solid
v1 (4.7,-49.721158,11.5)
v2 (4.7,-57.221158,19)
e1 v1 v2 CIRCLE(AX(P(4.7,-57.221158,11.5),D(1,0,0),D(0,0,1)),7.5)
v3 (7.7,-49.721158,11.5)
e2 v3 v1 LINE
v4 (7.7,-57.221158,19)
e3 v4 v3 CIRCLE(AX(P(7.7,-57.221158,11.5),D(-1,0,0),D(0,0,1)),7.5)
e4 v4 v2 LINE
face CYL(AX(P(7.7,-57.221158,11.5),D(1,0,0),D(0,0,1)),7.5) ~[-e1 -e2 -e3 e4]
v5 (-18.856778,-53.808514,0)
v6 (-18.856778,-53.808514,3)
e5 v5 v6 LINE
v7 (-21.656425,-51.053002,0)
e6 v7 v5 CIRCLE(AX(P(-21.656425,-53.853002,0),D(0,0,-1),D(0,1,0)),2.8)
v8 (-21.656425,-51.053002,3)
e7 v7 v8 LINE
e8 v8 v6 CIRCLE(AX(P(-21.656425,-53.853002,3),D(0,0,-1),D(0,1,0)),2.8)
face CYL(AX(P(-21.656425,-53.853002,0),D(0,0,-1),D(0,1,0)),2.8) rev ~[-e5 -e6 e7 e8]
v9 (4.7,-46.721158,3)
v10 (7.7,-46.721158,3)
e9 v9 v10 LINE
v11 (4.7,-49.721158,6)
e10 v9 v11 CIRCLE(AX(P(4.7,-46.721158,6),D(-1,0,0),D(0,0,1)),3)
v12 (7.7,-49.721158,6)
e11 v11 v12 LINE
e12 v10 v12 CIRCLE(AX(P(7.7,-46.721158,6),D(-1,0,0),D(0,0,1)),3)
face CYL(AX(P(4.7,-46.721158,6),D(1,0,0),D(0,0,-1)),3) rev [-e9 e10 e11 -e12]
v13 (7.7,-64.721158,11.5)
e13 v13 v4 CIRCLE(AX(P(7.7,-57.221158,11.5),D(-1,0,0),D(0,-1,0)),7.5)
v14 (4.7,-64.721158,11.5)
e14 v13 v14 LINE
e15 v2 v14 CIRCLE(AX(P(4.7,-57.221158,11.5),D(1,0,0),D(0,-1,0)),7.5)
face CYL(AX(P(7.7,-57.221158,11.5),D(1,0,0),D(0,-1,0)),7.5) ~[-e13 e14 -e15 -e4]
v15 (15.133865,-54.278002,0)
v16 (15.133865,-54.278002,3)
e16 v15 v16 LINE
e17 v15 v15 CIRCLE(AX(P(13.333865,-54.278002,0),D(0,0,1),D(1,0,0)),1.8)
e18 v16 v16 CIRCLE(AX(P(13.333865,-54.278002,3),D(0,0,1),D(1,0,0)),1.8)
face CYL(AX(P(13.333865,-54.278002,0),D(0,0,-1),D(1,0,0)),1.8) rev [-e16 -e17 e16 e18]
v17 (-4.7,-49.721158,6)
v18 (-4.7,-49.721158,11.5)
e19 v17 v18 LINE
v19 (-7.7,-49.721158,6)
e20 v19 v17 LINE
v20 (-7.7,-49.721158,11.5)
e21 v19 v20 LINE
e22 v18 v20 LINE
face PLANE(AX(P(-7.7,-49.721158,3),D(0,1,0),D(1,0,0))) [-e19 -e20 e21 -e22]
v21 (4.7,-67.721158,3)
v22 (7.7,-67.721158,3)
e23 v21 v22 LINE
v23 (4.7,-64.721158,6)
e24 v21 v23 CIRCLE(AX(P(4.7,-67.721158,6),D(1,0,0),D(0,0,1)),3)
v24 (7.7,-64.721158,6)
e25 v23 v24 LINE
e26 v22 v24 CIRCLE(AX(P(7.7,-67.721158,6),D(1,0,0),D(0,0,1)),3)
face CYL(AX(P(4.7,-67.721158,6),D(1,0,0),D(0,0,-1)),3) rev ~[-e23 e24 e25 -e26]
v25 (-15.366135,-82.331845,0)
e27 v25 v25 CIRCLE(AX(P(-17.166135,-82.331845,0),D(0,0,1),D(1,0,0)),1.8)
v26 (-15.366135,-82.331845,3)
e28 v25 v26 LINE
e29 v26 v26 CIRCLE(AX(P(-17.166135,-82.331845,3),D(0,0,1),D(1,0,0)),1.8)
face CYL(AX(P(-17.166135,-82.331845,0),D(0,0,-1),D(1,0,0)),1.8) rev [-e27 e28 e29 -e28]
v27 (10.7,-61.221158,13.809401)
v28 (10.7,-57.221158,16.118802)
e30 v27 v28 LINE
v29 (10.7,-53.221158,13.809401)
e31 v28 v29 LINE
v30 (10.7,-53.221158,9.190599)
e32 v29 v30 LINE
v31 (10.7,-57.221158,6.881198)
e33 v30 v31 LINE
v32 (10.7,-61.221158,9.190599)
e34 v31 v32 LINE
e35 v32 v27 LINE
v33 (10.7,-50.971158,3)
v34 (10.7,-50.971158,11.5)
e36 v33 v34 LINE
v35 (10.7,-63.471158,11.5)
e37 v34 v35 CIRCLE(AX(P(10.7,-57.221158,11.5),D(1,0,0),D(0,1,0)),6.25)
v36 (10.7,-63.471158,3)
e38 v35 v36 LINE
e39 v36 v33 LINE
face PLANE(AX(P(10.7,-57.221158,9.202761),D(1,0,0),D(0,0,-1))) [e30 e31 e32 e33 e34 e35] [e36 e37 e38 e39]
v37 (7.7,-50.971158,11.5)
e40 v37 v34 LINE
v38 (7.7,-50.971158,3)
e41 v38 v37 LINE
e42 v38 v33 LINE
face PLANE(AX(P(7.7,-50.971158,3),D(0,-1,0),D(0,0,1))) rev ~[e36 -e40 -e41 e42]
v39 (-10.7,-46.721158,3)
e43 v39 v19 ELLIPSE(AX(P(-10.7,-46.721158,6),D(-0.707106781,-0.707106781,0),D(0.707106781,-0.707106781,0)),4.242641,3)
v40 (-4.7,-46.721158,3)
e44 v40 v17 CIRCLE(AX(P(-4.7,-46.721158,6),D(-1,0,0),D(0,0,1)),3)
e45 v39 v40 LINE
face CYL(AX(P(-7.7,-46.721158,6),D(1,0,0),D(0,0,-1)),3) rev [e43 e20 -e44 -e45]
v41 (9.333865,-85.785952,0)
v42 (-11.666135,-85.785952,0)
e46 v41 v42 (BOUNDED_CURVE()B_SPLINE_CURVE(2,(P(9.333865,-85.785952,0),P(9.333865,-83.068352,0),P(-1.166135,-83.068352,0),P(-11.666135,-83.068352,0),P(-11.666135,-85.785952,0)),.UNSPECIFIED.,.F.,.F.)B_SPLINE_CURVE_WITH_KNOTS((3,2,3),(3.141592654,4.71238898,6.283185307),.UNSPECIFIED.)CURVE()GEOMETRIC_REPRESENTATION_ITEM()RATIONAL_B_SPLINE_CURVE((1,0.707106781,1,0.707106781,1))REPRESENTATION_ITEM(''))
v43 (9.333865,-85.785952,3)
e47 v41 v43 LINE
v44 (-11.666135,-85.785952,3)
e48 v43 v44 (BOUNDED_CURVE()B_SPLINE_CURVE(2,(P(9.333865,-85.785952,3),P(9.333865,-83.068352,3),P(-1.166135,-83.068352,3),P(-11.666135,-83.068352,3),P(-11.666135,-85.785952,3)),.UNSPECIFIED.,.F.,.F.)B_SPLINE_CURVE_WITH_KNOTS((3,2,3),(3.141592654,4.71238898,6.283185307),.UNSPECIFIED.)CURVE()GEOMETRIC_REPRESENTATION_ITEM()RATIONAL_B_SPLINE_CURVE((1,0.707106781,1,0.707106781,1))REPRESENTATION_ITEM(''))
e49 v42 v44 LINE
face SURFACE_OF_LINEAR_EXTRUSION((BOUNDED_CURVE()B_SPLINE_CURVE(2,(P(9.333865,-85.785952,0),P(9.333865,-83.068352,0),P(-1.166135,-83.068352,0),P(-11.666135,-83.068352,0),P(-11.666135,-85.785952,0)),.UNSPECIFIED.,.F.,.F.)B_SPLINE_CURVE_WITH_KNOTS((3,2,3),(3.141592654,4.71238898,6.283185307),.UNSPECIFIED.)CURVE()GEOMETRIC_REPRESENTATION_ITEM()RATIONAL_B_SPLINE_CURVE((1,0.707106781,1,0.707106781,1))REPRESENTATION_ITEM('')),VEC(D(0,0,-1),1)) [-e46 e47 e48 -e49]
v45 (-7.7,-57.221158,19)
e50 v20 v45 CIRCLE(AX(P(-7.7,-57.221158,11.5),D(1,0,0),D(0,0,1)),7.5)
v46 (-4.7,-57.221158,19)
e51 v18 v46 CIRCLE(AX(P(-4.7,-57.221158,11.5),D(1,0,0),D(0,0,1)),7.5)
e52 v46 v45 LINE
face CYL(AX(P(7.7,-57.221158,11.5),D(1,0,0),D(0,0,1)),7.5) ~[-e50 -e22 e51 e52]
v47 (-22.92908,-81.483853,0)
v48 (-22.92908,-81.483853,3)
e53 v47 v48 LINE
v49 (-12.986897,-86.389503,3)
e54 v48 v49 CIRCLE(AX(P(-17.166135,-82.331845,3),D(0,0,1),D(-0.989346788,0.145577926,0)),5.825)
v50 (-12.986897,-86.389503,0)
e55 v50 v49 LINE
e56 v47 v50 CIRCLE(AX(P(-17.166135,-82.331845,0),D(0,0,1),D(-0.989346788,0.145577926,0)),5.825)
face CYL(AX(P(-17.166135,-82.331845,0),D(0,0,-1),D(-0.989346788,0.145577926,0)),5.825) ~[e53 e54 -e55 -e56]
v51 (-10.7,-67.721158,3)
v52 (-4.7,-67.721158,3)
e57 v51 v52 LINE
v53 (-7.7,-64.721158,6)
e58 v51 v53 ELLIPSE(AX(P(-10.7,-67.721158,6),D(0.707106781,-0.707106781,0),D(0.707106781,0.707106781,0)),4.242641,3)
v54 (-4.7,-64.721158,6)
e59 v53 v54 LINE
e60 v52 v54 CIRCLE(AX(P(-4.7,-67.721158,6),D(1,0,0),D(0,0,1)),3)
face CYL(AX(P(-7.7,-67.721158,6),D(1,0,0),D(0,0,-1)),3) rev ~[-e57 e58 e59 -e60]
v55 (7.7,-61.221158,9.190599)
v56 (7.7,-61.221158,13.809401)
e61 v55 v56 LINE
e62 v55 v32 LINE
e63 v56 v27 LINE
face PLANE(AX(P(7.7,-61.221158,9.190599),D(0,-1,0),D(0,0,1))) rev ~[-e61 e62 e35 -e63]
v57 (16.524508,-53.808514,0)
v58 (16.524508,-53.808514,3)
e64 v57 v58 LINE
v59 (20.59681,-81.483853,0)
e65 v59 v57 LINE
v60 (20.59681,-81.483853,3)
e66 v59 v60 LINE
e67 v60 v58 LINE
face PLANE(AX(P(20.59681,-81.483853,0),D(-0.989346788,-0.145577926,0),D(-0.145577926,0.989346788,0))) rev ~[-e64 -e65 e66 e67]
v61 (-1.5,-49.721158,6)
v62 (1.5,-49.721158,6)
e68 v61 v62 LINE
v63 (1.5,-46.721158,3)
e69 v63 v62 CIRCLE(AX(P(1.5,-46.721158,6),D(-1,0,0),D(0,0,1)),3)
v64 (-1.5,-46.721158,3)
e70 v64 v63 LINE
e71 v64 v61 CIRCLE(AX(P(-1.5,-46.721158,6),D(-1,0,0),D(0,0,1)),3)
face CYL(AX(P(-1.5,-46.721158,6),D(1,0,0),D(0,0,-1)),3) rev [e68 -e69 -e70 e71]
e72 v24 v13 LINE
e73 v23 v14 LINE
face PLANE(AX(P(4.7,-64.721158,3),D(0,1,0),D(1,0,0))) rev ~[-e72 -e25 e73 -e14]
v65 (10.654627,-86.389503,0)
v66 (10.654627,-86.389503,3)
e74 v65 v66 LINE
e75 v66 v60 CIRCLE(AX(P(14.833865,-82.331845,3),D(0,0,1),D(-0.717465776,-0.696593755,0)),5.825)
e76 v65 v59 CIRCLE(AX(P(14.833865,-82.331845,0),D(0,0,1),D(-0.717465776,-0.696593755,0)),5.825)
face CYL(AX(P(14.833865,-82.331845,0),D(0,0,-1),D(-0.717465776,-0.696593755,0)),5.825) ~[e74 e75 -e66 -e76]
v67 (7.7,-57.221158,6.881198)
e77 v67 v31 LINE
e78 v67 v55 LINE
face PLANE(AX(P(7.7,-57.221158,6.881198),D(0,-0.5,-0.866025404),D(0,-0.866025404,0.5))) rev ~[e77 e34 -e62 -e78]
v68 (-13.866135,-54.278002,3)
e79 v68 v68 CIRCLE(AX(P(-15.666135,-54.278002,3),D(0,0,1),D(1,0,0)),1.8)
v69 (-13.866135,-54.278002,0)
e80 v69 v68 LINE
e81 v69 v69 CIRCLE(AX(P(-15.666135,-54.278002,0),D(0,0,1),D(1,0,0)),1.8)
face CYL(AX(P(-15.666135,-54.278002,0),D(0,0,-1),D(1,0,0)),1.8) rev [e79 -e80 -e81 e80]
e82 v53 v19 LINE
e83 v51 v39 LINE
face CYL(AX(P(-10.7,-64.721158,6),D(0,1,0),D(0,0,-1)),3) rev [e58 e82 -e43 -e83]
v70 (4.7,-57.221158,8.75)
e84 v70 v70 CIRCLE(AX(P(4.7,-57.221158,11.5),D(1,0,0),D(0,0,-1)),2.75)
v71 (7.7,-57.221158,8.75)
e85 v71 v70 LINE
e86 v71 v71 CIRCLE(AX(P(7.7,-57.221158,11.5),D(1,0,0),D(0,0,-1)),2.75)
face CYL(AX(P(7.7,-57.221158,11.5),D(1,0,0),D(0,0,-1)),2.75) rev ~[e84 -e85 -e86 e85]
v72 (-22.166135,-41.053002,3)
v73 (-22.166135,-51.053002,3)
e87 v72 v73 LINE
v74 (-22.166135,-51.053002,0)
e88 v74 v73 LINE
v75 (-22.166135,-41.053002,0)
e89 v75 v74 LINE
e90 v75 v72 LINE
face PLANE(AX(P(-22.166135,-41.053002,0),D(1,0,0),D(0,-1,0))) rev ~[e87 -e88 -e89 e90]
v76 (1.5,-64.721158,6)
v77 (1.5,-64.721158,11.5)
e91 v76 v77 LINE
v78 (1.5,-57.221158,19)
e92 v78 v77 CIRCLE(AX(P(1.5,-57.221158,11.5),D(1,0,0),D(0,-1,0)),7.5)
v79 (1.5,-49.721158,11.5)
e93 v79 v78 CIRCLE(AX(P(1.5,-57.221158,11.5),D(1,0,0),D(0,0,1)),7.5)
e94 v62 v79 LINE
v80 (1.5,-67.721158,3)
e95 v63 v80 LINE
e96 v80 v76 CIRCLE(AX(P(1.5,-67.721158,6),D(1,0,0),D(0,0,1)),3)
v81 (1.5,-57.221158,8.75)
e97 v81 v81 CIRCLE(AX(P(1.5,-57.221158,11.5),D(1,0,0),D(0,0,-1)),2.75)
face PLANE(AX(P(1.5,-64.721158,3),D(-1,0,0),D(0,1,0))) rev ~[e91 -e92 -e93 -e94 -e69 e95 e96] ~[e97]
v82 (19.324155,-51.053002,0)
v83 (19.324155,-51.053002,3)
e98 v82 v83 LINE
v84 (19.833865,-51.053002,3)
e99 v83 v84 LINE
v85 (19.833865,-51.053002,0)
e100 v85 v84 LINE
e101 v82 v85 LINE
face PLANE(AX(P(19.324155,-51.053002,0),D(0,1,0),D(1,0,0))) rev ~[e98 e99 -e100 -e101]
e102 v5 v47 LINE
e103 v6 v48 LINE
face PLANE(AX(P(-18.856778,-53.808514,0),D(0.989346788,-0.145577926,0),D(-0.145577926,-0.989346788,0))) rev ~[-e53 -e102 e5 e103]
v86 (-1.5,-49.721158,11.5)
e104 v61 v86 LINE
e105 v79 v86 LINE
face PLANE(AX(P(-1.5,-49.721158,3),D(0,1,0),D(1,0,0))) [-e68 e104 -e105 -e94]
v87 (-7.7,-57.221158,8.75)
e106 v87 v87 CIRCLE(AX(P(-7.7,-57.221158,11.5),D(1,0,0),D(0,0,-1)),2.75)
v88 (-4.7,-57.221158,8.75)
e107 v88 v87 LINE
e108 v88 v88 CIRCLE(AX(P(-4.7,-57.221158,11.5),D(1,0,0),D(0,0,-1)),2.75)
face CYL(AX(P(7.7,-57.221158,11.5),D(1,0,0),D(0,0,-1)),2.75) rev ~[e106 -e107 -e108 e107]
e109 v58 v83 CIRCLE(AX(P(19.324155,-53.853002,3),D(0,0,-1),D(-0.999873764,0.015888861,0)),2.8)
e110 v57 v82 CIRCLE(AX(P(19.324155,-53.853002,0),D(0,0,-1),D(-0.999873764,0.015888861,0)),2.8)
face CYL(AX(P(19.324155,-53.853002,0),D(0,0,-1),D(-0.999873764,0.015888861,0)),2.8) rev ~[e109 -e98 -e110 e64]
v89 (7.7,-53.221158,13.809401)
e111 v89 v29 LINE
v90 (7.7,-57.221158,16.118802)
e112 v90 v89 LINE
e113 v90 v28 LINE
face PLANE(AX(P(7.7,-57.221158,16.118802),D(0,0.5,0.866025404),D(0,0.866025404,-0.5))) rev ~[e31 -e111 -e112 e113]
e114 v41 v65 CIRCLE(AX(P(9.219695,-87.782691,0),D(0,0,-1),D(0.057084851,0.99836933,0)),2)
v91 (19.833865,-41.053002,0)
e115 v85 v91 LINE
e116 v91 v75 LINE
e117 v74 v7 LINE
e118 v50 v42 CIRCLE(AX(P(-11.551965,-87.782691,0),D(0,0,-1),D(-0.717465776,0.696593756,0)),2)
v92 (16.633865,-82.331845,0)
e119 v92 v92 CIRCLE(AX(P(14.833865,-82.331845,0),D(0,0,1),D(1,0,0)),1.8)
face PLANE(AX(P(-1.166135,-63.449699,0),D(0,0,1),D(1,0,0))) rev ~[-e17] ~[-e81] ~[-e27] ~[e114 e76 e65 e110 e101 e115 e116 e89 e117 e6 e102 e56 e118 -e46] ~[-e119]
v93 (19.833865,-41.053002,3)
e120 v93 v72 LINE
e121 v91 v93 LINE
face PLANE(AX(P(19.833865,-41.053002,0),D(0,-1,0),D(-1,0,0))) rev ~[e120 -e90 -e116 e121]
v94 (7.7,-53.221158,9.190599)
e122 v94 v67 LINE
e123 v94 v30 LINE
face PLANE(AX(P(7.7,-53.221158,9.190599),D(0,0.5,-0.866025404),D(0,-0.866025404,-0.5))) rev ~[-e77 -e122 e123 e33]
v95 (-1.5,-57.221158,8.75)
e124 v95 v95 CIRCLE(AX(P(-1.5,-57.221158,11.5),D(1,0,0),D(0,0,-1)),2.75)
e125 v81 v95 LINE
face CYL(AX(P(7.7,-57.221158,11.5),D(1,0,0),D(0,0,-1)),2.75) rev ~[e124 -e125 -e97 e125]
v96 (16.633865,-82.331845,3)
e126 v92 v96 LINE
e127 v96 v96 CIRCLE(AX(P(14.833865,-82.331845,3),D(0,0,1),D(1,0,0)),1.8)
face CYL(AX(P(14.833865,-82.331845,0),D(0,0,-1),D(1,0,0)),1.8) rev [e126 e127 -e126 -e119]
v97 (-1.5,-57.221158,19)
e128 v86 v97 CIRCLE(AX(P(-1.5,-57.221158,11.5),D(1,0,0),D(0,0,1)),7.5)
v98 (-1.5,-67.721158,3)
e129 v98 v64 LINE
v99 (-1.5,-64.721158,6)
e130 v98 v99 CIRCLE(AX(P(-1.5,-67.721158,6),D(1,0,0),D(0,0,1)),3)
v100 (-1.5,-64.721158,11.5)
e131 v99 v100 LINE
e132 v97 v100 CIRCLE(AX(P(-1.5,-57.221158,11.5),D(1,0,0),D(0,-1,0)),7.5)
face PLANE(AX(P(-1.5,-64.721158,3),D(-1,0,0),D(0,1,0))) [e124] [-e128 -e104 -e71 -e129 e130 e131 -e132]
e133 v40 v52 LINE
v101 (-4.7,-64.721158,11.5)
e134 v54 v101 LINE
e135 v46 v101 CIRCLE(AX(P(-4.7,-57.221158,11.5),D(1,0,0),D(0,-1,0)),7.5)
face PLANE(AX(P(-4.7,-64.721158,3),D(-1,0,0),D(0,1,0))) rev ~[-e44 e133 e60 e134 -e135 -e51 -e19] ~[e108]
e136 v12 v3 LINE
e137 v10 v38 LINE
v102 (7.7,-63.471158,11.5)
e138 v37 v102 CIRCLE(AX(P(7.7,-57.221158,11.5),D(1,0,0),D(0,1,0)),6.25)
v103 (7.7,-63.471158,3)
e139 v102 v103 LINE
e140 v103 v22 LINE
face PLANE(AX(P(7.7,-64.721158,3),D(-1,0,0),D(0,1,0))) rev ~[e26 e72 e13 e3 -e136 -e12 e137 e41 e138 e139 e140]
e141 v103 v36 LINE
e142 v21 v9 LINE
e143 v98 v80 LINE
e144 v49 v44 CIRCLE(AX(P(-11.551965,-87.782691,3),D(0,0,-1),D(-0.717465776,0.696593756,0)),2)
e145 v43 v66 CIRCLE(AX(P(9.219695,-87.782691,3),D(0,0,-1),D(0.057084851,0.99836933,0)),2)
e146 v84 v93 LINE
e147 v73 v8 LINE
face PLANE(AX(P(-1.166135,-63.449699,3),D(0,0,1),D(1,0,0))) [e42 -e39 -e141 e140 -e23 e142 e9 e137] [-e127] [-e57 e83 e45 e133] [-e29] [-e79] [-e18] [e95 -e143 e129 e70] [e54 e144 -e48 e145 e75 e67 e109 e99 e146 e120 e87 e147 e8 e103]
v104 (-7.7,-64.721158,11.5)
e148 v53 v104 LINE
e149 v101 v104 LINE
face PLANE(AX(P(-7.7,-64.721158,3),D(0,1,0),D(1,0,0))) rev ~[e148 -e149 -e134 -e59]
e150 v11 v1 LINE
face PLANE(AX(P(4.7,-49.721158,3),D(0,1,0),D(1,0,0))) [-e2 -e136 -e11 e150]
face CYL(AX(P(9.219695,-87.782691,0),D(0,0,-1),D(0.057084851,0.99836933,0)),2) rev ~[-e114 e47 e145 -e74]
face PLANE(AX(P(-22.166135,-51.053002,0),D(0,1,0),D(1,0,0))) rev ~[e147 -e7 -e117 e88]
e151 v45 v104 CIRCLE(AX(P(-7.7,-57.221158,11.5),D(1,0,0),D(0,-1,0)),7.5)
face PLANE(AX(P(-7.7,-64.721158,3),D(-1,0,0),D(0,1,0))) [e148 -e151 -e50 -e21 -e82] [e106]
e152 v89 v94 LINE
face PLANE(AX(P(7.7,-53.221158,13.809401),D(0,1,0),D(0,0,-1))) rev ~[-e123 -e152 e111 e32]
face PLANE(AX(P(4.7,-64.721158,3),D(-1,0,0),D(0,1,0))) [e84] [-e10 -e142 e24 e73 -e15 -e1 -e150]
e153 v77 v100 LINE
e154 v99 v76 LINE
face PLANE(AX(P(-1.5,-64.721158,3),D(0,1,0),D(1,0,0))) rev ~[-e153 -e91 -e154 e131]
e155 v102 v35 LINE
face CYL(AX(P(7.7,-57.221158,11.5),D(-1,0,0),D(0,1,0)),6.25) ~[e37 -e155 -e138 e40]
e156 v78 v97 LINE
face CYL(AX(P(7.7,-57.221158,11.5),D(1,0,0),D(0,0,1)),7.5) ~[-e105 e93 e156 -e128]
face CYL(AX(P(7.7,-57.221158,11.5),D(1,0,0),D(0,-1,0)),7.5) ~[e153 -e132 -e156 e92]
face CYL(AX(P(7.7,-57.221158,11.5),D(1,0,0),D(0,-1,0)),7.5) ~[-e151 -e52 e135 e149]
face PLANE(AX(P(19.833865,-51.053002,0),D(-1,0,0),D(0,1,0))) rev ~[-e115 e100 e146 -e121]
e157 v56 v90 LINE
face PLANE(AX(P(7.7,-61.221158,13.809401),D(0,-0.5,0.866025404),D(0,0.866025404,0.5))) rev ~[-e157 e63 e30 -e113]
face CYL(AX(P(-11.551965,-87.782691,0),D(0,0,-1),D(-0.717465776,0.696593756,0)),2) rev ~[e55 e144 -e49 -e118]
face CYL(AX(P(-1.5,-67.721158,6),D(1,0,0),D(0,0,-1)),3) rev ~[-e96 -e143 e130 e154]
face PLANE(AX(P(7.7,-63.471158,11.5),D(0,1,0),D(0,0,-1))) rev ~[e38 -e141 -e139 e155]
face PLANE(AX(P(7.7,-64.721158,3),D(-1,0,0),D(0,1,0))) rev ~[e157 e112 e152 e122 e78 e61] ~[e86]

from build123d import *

# Parameters (mm, degrees)
SKETCH1_R           = 1.8
BOSS_EXTRUDE1_DEPTH = 3
SKETCH2_W           = 3
SKETCH2_H           = 15
BOSS_EXTRUDE2_DEPTH = 16
CUT_EXTRUDE1_REACH  = 97.261
SKETCH3_R           = 2.75
BOSS_EXTRUDE3_DEPTH = 3
FILLET1_R           = 3


with BuildPart() as part:
    # Sketch1 → Boss-Extrude1 (new body)
    with BuildSketch(Plane.XY):
        with BuildLine():
            Line((-22.166135034, -51.05300244), (-21.656424966, -51.05300244))
            ThreePointArc((-21.656424966, -51.05300244), (-19.69231813, -51.85743627), (-18.856778426, -53.808513627))
            Line((-18.856778426, -53.808513627), (-22.929080076, -81.483853258))
            ThreePointArc((-22.929080076, -81.483853258), (-19.743611023, -87.555563903), (-12.986896887, -86.389503303))
            ThreePointArc((-12.986896887, -86.389503303), (-12.38322773, -85.963624342), (-11.666135034, -85.785952153))
            add(Edge.make_bspline(
                [(9.333864966, -85.785952153), (9.333864966, -83.068352179), (-1.166135034, -83.068352179), (-11.666135034, -83.068352179), (-11.666135034, -85.785952153)],
                knots=[3.141592654, 3.141592654, 3.141592654, 4.71238898, 4.71238898, 6.283185307, 6.283185307, 6.283185307], degree=2, weights=[1, 0.707106781, 1, 0.707106781, 1]))
            ThreePointArc((9.333864966, -85.785952153), (10.050957661, -85.963624342), (10.654626818, -86.389503303))
            ThreePointArc((10.654626818, -86.389503303), (17.411340954, -87.555563903), (20.596810007, -81.483853258))
            Line((20.596810007, -81.483853258), (16.524508358, -53.808513627))
            ThreePointArc((16.524508358, -53.808513627), (17.360048061, -51.85743627), (19.324154897, -51.05300244))
            Line((19.324154897, -51.05300244), (19.833864966, -51.05300244))
            Line((19.833864966, -51.05300244), (19.833864966, -41.05300244))
            Line((19.833864966, -41.05300244), (-22.166135034, -41.05300244))
            Line((-22.166135034, -41.05300244), (-22.166135034, -51.05300244))
        make_face()
        with Locations((-15.666135034, -54.27800244)):
            Circle(SKETCH1_R, mode=Mode.SUBTRACT)
        with Locations((-17.166135034, -82.33184468)):
            Circle(SKETCH1_R, mode=Mode.SUBTRACT)
        with Locations((14.833864966, -82.33184468)):
            Circle(SKETCH1_R, mode=Mode.SUBTRACT)
        with Locations((13.333864966, -54.27800244)):
            Circle(SKETCH1_R, mode=Mode.SUBTRACT)
    extrude(amount=BOSS_EXTRUDE1_DEPTH)

    # Sketch2 → Boss-Extrude2 (add)
    with BuildSketch(Plane.XY.offset(3)):
        with Locations((0, -57.22115776)):
            Rectangle(SKETCH2_W, SKETCH2_H)
        with Locations((-6.2, -57.22115776)):
            Rectangle(SKETCH2_W, SKETCH2_H)
        with Locations((6.2, -57.22115776)):
            Rectangle(SKETCH2_W, SKETCH2_H)
    extrude(amount=BOSS_EXTRUDE2_DEPTH)

    # Sketch3 → Cut-Extrude1 (cut, up to next)
    with BuildSketch(Plane(origin=(7.7, 0, 0), x_dir=(0, 0, -1), z_dir=(1, 0, 0)), mode=Mode.PRIVATE) as cut_extrude1_sk1:
        with Locations((-11.5, -57.22115776)):
            Circle(SKETCH3_R)
    cut_extrude1_tool1 = extrude(cut_extrude1_sk1.sketch, amount=-CUT_EXTRUDE1_REACH, mode=Mode.PRIVATE) & part.part
    # Sketch3 → Cut-Extrude1 (cut, up to next)
    with BuildSketch(Plane(origin=(7.7, 0, 0), x_dir=(0, 0, -1), z_dir=(1, 0, 0)), mode=Mode.PRIVATE) as cut_extrude1_sk2:
        with BuildLine():
            ThreePointArc((-19, -57.22115776), (-16.803300859, -51.917856901), (-11.5, -49.72115776))
            Line((-11.5, -49.72115776), (-19, -49.72115776))
            Line((-19, -49.72115776), (-19, -57.22115776))
        make_face()
    cut_extrude1_tool2 = extrude(cut_extrude1_sk2.sketch, amount=-CUT_EXTRUDE1_REACH, mode=Mode.PRIVATE) & part.part
    # Sketch3 → Cut-Extrude1 (cut, up to next)
    with BuildSketch(Plane(origin=(7.7, 0, 0), x_dir=(0, 0, -1), z_dir=(1, 0, 0)), mode=Mode.PRIVATE) as cut_extrude1_sk3:
        with BuildLine():
            Line((-19, -64.72115776), (-11.5, -64.72115776))
            ThreePointArc((-11.5, -64.72115776), (-16.803300859, -62.524458619), (-19, -57.22115776))
            Line((-19, -57.22115776), (-19, -64.72115776))
        make_face()
    cut_extrude1_tool3 = extrude(cut_extrude1_sk3.sketch, amount=-CUT_EXTRUDE1_REACH, mode=Mode.PRIVATE) & part.part
    add(cut_extrude1_tool1.solids().sort_by_distance((7.7, -57.221158, 11.5))[0], mode=Mode.SUBTRACT)
    add(cut_extrude1_tool1.solids().sort_by_distance((7.7, -57.221158, 11.5))[1], mode=Mode.SUBTRACT)
    add(cut_extrude1_tool1.solids().sort_by_distance((7.7, -57.221158, 11.5))[2], mode=Mode.SUBTRACT)
    add(cut_extrude1_tool2.solids().sort_by_distance((7.7, -51.396417, 17.32474))[0], mode=Mode.SUBTRACT)
    add(cut_extrude1_tool2.solids().sort_by_distance((7.7, -51.396417, 17.32474))[1], mode=Mode.SUBTRACT)
    add(cut_extrude1_tool2.solids().sort_by_distance((7.7, -51.396417, 17.32474))[2], mode=Mode.SUBTRACT)
    add(cut_extrude1_tool3.solids().sort_by_distance((7.7, -63.045898, 17.32474))[0], mode=Mode.SUBTRACT)
    add(cut_extrude1_tool3.solids().sort_by_distance((7.7, -63.045898, 17.32474))[1], mode=Mode.SUBTRACT)
    add(cut_extrude1_tool3.solids().sort_by_distance((7.7, -63.045898, 17.32474))[2], mode=Mode.SUBTRACT)

    # Sketch4 → Boss-Extrude3 (add)
    with BuildSketch(Plane(origin=(7.7, 0, 0), x_dir=(0, 0, -1), z_dir=(1, 0, 0))):
        with BuildLine():
            Line((-3, -50.97115776), (-11.5, -50.97115776))
            ThreePointArc((-11.5, -50.97115776), (-17.75, -57.22115776), (-11.5, -63.47115776))
            Line((-11.5, -63.47115776), (-3, -63.47115776))
            Line((-3, -63.47115776), (-3, -50.97115776))
        make_face()
        Polygon((-9.190598923, -61.22115776), (-13.809401077, -61.22115776), (-16.118802154, -57.22115776), (-13.809401077, -53.22115776), (-9.190598923, -53.22115776), (-6.881197846, -57.22115776), align=None, mode=Mode.SUBTRACT)
    extrude(amount=BOSS_EXTRUDE3_DEPTH)

    # Fillet1
    fillet1_edges = [part.edges().sort_by_distance(p)[0] for p in [
        (0, -49.72115776, 3),
        (0, -64.72115776, 3),
        (-6.2, -49.72115776, 3),
        (-7.7, -57.22115776, 3),
        (-6.2, -64.72115776, 3),
        (6.2, -49.72115776, 3),
        (6.2, -64.72115776, 3),
    ]]
    fillet(fillet1_edges, radius=FILLET1_R)


solid = part.part
